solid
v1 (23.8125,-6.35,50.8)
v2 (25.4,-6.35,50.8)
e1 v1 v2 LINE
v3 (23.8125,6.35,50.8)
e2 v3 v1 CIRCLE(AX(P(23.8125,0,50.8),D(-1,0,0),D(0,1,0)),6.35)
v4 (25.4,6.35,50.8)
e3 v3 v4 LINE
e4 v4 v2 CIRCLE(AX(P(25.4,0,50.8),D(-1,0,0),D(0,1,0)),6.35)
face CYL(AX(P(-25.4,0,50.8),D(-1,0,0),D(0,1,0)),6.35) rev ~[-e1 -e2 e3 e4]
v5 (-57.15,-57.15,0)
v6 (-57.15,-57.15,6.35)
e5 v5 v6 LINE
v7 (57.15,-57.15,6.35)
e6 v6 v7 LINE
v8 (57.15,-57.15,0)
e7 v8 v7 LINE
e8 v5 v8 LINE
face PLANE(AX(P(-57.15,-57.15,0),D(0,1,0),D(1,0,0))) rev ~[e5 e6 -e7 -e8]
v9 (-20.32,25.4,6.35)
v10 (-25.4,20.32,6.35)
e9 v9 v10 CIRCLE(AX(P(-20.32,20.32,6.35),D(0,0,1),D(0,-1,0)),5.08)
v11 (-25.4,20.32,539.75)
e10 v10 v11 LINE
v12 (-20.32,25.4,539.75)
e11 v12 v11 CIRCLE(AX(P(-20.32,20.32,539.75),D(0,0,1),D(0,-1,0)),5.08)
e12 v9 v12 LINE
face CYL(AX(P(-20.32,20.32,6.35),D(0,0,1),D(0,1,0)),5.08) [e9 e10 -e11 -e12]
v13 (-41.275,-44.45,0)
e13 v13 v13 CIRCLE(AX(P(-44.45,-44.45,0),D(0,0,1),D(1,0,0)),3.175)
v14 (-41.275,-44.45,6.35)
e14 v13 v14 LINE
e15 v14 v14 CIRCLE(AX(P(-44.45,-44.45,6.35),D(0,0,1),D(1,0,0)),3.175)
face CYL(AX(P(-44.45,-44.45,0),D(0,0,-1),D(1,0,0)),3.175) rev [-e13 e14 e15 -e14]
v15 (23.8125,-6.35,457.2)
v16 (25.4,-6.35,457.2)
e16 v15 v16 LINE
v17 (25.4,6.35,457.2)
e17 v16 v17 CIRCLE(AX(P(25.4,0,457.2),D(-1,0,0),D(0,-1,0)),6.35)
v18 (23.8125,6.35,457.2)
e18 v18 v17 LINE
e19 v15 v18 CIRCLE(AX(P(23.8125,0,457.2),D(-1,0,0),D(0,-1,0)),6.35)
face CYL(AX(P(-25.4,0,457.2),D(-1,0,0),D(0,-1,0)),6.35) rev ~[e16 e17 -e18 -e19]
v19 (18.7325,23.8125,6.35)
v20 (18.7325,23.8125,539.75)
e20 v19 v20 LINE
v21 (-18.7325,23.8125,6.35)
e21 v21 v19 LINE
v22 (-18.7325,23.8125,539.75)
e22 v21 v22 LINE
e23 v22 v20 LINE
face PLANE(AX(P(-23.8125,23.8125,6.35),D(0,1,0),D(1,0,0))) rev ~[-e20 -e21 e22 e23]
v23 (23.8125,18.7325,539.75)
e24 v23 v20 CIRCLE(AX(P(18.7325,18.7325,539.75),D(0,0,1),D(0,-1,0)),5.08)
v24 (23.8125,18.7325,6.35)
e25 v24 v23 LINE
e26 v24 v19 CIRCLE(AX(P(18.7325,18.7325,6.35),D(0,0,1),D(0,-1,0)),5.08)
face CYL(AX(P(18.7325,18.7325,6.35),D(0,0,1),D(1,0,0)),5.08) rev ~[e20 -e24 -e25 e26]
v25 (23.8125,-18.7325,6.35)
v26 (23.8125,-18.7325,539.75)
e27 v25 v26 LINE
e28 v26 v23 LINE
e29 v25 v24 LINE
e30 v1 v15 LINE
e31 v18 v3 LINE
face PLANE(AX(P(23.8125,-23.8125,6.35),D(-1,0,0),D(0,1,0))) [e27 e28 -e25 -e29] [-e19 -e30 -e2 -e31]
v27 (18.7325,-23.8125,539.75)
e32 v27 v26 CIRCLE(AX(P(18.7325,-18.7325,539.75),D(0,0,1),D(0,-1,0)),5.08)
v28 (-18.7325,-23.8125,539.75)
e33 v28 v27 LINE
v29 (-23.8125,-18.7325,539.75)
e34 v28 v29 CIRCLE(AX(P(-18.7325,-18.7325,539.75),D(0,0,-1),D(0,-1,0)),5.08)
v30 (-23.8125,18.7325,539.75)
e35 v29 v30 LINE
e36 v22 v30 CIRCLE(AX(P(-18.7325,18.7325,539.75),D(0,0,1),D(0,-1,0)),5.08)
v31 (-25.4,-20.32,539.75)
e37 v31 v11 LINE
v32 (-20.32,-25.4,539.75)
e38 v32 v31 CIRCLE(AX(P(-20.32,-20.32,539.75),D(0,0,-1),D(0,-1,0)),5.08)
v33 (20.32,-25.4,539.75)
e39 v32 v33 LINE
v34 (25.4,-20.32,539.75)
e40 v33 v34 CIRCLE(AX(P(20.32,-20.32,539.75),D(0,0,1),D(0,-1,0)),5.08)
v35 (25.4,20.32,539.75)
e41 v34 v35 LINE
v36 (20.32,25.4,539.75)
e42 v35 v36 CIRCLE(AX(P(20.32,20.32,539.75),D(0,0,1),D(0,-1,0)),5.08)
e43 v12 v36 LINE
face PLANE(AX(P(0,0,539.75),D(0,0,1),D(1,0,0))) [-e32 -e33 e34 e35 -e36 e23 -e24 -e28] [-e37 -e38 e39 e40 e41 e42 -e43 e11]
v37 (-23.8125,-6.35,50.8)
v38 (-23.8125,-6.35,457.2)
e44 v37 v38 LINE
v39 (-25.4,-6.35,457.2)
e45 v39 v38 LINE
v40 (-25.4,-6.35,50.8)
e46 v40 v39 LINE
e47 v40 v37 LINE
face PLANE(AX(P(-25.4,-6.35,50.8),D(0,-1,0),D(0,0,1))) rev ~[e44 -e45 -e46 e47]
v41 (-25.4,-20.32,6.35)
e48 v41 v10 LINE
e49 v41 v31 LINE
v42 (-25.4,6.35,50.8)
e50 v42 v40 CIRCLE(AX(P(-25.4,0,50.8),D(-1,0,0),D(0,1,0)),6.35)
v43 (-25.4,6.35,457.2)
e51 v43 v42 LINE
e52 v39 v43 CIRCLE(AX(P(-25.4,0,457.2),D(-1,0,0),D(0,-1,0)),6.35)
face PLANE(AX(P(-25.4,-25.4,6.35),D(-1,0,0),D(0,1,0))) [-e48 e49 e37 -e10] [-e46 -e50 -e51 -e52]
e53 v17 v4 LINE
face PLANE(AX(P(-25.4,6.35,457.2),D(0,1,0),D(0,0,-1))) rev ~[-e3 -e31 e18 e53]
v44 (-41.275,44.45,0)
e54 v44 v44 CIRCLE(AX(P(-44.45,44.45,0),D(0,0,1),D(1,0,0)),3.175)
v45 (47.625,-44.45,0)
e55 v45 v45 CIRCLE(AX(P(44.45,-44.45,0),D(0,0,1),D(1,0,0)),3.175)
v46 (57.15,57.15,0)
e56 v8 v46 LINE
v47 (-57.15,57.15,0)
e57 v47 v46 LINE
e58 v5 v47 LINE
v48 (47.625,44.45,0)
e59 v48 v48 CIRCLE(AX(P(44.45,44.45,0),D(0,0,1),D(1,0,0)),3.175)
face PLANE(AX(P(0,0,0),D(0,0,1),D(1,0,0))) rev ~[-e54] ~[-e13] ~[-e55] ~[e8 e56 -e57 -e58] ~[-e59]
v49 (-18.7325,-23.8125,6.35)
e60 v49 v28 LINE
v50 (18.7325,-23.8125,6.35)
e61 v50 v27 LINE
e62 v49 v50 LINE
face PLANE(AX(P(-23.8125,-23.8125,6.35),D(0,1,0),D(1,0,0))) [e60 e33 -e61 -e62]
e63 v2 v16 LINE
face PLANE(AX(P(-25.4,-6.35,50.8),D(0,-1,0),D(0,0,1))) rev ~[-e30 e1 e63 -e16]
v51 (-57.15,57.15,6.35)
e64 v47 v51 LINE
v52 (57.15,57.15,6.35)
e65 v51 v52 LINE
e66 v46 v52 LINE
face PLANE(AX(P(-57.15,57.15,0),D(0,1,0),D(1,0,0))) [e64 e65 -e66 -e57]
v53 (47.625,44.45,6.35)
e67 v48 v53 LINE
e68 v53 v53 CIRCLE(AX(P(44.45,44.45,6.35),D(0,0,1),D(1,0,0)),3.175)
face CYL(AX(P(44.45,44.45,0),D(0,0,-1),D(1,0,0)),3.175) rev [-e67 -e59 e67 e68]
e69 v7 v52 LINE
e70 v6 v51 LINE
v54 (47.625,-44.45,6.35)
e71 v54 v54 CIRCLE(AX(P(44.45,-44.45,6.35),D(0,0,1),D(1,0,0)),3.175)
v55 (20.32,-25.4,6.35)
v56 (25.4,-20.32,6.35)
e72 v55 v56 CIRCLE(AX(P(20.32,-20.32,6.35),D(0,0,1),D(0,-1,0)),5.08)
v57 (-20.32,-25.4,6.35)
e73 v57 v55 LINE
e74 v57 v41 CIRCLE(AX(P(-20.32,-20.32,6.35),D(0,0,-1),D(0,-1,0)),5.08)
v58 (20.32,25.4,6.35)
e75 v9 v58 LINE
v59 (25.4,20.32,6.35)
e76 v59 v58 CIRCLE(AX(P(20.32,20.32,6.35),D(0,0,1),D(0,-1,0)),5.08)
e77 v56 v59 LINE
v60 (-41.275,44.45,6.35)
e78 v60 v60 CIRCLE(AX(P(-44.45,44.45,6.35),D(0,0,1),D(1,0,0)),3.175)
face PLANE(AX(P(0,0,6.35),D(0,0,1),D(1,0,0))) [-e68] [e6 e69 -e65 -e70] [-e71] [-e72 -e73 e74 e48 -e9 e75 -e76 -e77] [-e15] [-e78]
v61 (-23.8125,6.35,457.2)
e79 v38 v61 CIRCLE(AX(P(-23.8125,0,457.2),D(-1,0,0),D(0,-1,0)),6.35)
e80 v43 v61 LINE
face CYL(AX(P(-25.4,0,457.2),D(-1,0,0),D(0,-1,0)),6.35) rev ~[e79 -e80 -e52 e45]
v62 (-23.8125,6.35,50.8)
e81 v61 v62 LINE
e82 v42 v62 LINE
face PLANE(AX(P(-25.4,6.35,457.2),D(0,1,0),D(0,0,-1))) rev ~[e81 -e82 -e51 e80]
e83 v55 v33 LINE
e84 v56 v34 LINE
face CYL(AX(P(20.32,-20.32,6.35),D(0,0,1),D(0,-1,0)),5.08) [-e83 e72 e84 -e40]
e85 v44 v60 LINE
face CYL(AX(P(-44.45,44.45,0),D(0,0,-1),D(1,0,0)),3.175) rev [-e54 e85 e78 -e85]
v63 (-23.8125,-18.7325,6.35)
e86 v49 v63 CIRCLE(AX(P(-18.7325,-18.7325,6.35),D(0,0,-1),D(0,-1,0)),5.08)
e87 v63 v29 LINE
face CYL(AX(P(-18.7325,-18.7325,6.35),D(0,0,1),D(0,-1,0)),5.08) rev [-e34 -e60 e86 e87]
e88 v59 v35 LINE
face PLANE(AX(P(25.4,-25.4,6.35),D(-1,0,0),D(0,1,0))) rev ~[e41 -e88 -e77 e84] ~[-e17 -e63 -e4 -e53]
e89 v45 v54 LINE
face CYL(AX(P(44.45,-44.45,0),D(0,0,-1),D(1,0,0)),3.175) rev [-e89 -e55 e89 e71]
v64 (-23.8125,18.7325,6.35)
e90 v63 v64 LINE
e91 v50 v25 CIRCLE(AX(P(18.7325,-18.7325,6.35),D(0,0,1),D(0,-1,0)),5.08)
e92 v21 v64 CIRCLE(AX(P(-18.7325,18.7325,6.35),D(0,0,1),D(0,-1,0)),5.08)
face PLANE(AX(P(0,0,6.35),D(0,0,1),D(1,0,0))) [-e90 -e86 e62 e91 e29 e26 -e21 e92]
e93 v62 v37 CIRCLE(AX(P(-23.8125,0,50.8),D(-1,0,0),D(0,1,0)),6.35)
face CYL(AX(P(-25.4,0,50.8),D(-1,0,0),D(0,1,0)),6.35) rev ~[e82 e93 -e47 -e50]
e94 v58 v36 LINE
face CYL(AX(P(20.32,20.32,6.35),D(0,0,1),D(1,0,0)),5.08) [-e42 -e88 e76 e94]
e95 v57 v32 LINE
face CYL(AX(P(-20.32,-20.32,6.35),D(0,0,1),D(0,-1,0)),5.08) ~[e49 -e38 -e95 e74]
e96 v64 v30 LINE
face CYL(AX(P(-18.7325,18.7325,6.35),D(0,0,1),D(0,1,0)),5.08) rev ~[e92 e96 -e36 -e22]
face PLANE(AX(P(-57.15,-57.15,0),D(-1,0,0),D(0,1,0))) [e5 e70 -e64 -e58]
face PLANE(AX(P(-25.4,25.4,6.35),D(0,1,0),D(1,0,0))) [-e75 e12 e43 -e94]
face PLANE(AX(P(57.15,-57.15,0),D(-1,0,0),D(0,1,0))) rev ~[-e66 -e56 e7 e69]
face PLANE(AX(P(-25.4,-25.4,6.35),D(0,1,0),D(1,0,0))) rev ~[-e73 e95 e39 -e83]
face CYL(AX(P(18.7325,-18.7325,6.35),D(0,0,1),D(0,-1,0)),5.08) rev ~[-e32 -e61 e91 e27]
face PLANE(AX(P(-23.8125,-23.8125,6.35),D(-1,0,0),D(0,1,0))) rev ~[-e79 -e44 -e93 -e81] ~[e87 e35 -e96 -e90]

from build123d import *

# Parameters (mm, degrees)
F0_W     = 114.3
F0_H     = 114.3
F0_R     = 3.175
F1_DEPTH = 6.35
F2_W     = 50.8
F2_H     = 50.8
F2_W_2   = 47.625
F2_H_2   = 47.625
F3_DEPTH = 533.4
F4_R     = 5.08
F6_DEPTH = 82.551


with BuildPart() as f1:
    # F0 (on Top) → F1 (new body)
    with BuildSketch(Plane.XY):
        Rectangle(F0_W, F0_H)
        with Locations((-44.45, -44.45)):
            Circle(F0_R, mode=Mode.SUBTRACT)
        with Locations((44.45, -44.45)):
            Circle(F0_R, mode=Mode.SUBTRACT)
        with Locations((-44.45, 44.45)):
            Circle(F0_R, mode=Mode.SUBTRACT)
        with Locations((44.45, 44.45)):
            Circle(F0_R, mode=Mode.SUBTRACT)
    extrude(amount=F1_DEPTH)

    # F2 (on face) → F3 (join)
    with BuildSketch(Plane.XY.offset(6.35)):
        Rectangle(F2_W, F2_H)
        Rectangle(F2_W_2, F2_H_2, mode=Mode.SUBTRACT)
    extrude(amount=F3_DEPTH)

    # F4
    f4_edges = [f1.edges().sort_by_distance(p)[0] for p in [
        (25.4, 25.4, 273.05),
        (25.4, -25.4, 273.05),
        (-25.4, 25.4, 273.05),
        (-25.4, -25.4, 273.05),
        (-23.8125, -23.8125, 273.05),
        (23.8125, 23.8125, 273.05),
        (-23.8125, 23.8125, 273.05),
        (23.8125, -23.8125, 273.05),
    ]]
    fillet(f4_edges, radius=F4_R)

    # F5 (on face) → F6 (cut, through all)
    with BuildSketch(Plane(origin=(-25.4, 0, 0), x_dir=(0, -1, 0), z_dir=(-1, 0, 0))):
        with BuildLine():
            ThreePointArc((-6.35, 50.8), (0, 44.45), (6.35, 50.8))
            Line((6.35, 50.8), (6.35, 457.2))
            ThreePointArc((6.35, 457.2), (0, 463.55), (-6.35, 457.2))
            Line((-6.35, 457.2), (-6.35, 50.8))
        make_face()
    extrude(amount=-F6_DEPTH, mode=Mode.SUBTRACT)


solid = f1.part
